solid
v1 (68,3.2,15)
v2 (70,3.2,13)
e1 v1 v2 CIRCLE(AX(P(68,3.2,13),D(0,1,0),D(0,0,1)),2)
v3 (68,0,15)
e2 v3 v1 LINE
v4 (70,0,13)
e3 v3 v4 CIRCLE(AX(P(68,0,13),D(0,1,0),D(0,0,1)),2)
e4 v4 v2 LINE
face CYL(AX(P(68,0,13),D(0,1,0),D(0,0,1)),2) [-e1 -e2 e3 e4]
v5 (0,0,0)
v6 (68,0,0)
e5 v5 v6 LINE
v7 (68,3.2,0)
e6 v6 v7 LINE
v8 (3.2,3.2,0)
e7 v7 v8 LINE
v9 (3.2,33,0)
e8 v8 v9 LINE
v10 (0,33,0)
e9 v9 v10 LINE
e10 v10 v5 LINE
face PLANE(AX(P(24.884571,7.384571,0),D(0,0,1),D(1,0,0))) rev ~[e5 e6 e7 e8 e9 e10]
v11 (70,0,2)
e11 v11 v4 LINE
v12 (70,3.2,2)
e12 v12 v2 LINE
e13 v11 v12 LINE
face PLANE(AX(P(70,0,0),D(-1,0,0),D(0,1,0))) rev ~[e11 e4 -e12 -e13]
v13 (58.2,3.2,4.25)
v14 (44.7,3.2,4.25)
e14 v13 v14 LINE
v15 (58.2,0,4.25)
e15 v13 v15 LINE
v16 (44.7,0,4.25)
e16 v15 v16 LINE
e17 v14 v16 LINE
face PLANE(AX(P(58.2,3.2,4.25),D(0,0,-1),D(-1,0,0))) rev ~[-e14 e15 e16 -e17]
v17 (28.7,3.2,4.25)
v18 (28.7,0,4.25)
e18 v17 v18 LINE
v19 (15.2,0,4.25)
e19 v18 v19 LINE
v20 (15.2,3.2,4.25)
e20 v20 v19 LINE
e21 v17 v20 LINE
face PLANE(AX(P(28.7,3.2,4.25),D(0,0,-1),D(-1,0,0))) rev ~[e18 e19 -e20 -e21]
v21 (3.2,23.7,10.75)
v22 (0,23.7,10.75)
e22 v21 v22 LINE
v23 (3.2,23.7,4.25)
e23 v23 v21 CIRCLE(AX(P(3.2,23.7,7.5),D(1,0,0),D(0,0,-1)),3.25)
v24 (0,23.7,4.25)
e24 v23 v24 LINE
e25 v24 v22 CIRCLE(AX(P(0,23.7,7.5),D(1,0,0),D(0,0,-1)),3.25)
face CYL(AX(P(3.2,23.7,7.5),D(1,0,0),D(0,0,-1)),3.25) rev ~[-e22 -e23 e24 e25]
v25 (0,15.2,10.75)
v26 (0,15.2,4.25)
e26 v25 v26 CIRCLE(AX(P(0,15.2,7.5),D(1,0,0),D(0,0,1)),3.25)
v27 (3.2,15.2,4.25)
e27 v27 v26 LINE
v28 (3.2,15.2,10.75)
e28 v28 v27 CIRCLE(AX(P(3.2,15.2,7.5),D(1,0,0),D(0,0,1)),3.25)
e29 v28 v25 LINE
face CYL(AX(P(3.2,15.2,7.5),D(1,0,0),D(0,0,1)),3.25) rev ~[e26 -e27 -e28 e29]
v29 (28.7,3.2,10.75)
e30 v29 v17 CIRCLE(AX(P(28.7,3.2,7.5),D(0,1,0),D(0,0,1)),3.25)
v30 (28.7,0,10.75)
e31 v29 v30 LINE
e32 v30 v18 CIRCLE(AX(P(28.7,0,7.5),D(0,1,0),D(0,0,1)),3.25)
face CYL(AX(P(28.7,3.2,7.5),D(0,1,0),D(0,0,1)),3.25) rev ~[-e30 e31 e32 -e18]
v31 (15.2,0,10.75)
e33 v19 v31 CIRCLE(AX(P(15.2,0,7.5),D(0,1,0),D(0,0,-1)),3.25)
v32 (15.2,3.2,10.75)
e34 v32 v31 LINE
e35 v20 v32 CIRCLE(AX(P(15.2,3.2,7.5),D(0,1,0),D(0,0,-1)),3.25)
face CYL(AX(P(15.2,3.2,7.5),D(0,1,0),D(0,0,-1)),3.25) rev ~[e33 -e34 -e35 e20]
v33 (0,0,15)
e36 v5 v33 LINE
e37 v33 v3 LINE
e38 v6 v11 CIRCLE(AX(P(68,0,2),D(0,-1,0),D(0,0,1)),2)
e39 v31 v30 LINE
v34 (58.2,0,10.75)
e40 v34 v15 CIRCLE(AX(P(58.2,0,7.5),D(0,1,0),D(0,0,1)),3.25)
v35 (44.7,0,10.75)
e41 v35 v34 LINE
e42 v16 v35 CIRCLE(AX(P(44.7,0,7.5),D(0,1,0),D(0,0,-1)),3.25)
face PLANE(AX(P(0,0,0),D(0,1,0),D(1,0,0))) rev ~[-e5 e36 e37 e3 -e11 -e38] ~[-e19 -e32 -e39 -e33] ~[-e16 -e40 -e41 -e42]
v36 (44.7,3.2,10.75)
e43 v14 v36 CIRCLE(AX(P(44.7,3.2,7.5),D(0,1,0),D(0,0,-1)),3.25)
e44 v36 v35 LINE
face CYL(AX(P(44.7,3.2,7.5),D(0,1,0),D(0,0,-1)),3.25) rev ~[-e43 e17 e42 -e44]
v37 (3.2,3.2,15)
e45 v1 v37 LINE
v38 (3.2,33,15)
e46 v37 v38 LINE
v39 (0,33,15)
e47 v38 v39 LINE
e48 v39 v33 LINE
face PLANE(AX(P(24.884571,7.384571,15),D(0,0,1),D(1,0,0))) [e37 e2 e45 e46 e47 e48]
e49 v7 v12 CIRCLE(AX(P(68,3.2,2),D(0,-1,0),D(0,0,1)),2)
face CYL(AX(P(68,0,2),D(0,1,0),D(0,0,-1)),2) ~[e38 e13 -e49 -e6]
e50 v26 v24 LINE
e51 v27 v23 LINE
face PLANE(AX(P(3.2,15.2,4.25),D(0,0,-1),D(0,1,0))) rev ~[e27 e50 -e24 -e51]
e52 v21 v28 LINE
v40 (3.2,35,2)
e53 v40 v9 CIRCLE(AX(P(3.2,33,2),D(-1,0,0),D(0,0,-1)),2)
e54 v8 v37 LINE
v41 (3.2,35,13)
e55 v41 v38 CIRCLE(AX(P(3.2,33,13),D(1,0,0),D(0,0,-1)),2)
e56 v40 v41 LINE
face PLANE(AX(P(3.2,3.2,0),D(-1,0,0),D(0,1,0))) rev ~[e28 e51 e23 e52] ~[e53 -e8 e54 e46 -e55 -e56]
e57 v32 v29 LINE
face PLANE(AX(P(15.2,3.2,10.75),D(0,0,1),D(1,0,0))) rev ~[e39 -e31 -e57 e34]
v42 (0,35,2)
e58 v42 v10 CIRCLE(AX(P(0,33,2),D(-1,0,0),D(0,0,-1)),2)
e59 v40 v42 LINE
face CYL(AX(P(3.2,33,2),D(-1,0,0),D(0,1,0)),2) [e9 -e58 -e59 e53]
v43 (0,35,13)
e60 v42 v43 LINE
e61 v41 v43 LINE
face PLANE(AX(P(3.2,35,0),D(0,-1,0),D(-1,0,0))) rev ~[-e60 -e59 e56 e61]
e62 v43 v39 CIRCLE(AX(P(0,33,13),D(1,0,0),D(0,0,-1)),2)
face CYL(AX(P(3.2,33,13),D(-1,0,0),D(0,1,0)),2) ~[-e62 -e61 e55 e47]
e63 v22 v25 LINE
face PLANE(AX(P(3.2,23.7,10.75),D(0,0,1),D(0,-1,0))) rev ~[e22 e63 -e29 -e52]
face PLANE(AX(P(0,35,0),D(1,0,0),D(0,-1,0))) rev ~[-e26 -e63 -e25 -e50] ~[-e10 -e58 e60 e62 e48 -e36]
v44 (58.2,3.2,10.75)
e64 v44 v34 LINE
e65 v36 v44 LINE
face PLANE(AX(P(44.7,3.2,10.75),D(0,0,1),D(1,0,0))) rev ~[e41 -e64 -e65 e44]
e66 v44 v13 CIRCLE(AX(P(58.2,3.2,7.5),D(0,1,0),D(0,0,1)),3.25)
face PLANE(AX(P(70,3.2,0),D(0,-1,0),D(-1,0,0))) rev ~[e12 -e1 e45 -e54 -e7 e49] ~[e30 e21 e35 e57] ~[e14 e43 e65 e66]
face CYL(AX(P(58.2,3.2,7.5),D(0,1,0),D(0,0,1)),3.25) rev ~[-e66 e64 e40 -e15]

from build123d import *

# Parameters (mm, degrees)
F1_DEPTH = 15
F4_DEPTH = 3.201
F5_DEPTH = 3.201
F6_R     = 2


with BuildPart() as f1:
    # F0 (on Top) → F1 (new body)
    with BuildSketch(Plane.XY):
        Polygon((3.2, 35), (0, 35), (0, 0), (70, 0), (70, 3.2), (3.2, 3.2), align=None)
    extrude(amount=F1_DEPTH)

    # F2 (on face) → F4 (cut, through all)
    with BuildSketch(Plane(origin=(0, 3.2, 0), x_dir=(-1, 0, 0), z_dir=(0, 1, 0))):
        with BuildLine():
            Line((-15.2, 10.75), (-28.7, 10.75))
            ThreePointArc((-28.7, 10.75), (-31.95, 7.5), (-28.7, 4.25))
            Line((-28.7, 4.25), (-15.2, 4.25))
            ThreePointArc((-15.2, 4.25), (-11.95, 7.5), (-15.2, 10.75))
        make_face()
        with BuildLine():
            Line((-58.2, 4.25), (-44.7, 4.25))
            ThreePointArc((-44.7, 4.25), (-41.45, 7.5), (-44.7, 10.75))
            Line((-44.7, 10.75), (-58.2, 10.75))
            ThreePointArc((-58.2, 10.75), (-61.45, 7.5), (-58.2, 4.25))
        make_face()
    extrude(amount=-F4_DEPTH, mode=Mode.SUBTRACT)

    # F3 (on face) → F5 (cut, through all)
    with BuildSketch(Plane.YZ.offset(3.2)):
        with BuildLine():
            Line((23.7, 10.75), (15.2, 10.75))
            ThreePointArc((15.2, 10.75), (11.95, 7.5), (15.2, 4.25))
            Line((15.2, 4.25), (23.7, 4.25))
            ThreePointArc((23.7, 4.25), (26.95, 7.5), (23.7, 10.75))
        make_face()
    extrude(amount=-F5_DEPTH, mode=Mode.SUBTRACT)

    # F6
    f6_edges = [f1.edges().sort_by_distance(p)[0] for p in [
        (70, 1.6, 15),
        (70, 1.6, 0),
        (1.6, 35, 15),
        (1.6, 35, 0),
    ]]
    fillet(f6_edges, radius=F6_R)


solid = f1.part
